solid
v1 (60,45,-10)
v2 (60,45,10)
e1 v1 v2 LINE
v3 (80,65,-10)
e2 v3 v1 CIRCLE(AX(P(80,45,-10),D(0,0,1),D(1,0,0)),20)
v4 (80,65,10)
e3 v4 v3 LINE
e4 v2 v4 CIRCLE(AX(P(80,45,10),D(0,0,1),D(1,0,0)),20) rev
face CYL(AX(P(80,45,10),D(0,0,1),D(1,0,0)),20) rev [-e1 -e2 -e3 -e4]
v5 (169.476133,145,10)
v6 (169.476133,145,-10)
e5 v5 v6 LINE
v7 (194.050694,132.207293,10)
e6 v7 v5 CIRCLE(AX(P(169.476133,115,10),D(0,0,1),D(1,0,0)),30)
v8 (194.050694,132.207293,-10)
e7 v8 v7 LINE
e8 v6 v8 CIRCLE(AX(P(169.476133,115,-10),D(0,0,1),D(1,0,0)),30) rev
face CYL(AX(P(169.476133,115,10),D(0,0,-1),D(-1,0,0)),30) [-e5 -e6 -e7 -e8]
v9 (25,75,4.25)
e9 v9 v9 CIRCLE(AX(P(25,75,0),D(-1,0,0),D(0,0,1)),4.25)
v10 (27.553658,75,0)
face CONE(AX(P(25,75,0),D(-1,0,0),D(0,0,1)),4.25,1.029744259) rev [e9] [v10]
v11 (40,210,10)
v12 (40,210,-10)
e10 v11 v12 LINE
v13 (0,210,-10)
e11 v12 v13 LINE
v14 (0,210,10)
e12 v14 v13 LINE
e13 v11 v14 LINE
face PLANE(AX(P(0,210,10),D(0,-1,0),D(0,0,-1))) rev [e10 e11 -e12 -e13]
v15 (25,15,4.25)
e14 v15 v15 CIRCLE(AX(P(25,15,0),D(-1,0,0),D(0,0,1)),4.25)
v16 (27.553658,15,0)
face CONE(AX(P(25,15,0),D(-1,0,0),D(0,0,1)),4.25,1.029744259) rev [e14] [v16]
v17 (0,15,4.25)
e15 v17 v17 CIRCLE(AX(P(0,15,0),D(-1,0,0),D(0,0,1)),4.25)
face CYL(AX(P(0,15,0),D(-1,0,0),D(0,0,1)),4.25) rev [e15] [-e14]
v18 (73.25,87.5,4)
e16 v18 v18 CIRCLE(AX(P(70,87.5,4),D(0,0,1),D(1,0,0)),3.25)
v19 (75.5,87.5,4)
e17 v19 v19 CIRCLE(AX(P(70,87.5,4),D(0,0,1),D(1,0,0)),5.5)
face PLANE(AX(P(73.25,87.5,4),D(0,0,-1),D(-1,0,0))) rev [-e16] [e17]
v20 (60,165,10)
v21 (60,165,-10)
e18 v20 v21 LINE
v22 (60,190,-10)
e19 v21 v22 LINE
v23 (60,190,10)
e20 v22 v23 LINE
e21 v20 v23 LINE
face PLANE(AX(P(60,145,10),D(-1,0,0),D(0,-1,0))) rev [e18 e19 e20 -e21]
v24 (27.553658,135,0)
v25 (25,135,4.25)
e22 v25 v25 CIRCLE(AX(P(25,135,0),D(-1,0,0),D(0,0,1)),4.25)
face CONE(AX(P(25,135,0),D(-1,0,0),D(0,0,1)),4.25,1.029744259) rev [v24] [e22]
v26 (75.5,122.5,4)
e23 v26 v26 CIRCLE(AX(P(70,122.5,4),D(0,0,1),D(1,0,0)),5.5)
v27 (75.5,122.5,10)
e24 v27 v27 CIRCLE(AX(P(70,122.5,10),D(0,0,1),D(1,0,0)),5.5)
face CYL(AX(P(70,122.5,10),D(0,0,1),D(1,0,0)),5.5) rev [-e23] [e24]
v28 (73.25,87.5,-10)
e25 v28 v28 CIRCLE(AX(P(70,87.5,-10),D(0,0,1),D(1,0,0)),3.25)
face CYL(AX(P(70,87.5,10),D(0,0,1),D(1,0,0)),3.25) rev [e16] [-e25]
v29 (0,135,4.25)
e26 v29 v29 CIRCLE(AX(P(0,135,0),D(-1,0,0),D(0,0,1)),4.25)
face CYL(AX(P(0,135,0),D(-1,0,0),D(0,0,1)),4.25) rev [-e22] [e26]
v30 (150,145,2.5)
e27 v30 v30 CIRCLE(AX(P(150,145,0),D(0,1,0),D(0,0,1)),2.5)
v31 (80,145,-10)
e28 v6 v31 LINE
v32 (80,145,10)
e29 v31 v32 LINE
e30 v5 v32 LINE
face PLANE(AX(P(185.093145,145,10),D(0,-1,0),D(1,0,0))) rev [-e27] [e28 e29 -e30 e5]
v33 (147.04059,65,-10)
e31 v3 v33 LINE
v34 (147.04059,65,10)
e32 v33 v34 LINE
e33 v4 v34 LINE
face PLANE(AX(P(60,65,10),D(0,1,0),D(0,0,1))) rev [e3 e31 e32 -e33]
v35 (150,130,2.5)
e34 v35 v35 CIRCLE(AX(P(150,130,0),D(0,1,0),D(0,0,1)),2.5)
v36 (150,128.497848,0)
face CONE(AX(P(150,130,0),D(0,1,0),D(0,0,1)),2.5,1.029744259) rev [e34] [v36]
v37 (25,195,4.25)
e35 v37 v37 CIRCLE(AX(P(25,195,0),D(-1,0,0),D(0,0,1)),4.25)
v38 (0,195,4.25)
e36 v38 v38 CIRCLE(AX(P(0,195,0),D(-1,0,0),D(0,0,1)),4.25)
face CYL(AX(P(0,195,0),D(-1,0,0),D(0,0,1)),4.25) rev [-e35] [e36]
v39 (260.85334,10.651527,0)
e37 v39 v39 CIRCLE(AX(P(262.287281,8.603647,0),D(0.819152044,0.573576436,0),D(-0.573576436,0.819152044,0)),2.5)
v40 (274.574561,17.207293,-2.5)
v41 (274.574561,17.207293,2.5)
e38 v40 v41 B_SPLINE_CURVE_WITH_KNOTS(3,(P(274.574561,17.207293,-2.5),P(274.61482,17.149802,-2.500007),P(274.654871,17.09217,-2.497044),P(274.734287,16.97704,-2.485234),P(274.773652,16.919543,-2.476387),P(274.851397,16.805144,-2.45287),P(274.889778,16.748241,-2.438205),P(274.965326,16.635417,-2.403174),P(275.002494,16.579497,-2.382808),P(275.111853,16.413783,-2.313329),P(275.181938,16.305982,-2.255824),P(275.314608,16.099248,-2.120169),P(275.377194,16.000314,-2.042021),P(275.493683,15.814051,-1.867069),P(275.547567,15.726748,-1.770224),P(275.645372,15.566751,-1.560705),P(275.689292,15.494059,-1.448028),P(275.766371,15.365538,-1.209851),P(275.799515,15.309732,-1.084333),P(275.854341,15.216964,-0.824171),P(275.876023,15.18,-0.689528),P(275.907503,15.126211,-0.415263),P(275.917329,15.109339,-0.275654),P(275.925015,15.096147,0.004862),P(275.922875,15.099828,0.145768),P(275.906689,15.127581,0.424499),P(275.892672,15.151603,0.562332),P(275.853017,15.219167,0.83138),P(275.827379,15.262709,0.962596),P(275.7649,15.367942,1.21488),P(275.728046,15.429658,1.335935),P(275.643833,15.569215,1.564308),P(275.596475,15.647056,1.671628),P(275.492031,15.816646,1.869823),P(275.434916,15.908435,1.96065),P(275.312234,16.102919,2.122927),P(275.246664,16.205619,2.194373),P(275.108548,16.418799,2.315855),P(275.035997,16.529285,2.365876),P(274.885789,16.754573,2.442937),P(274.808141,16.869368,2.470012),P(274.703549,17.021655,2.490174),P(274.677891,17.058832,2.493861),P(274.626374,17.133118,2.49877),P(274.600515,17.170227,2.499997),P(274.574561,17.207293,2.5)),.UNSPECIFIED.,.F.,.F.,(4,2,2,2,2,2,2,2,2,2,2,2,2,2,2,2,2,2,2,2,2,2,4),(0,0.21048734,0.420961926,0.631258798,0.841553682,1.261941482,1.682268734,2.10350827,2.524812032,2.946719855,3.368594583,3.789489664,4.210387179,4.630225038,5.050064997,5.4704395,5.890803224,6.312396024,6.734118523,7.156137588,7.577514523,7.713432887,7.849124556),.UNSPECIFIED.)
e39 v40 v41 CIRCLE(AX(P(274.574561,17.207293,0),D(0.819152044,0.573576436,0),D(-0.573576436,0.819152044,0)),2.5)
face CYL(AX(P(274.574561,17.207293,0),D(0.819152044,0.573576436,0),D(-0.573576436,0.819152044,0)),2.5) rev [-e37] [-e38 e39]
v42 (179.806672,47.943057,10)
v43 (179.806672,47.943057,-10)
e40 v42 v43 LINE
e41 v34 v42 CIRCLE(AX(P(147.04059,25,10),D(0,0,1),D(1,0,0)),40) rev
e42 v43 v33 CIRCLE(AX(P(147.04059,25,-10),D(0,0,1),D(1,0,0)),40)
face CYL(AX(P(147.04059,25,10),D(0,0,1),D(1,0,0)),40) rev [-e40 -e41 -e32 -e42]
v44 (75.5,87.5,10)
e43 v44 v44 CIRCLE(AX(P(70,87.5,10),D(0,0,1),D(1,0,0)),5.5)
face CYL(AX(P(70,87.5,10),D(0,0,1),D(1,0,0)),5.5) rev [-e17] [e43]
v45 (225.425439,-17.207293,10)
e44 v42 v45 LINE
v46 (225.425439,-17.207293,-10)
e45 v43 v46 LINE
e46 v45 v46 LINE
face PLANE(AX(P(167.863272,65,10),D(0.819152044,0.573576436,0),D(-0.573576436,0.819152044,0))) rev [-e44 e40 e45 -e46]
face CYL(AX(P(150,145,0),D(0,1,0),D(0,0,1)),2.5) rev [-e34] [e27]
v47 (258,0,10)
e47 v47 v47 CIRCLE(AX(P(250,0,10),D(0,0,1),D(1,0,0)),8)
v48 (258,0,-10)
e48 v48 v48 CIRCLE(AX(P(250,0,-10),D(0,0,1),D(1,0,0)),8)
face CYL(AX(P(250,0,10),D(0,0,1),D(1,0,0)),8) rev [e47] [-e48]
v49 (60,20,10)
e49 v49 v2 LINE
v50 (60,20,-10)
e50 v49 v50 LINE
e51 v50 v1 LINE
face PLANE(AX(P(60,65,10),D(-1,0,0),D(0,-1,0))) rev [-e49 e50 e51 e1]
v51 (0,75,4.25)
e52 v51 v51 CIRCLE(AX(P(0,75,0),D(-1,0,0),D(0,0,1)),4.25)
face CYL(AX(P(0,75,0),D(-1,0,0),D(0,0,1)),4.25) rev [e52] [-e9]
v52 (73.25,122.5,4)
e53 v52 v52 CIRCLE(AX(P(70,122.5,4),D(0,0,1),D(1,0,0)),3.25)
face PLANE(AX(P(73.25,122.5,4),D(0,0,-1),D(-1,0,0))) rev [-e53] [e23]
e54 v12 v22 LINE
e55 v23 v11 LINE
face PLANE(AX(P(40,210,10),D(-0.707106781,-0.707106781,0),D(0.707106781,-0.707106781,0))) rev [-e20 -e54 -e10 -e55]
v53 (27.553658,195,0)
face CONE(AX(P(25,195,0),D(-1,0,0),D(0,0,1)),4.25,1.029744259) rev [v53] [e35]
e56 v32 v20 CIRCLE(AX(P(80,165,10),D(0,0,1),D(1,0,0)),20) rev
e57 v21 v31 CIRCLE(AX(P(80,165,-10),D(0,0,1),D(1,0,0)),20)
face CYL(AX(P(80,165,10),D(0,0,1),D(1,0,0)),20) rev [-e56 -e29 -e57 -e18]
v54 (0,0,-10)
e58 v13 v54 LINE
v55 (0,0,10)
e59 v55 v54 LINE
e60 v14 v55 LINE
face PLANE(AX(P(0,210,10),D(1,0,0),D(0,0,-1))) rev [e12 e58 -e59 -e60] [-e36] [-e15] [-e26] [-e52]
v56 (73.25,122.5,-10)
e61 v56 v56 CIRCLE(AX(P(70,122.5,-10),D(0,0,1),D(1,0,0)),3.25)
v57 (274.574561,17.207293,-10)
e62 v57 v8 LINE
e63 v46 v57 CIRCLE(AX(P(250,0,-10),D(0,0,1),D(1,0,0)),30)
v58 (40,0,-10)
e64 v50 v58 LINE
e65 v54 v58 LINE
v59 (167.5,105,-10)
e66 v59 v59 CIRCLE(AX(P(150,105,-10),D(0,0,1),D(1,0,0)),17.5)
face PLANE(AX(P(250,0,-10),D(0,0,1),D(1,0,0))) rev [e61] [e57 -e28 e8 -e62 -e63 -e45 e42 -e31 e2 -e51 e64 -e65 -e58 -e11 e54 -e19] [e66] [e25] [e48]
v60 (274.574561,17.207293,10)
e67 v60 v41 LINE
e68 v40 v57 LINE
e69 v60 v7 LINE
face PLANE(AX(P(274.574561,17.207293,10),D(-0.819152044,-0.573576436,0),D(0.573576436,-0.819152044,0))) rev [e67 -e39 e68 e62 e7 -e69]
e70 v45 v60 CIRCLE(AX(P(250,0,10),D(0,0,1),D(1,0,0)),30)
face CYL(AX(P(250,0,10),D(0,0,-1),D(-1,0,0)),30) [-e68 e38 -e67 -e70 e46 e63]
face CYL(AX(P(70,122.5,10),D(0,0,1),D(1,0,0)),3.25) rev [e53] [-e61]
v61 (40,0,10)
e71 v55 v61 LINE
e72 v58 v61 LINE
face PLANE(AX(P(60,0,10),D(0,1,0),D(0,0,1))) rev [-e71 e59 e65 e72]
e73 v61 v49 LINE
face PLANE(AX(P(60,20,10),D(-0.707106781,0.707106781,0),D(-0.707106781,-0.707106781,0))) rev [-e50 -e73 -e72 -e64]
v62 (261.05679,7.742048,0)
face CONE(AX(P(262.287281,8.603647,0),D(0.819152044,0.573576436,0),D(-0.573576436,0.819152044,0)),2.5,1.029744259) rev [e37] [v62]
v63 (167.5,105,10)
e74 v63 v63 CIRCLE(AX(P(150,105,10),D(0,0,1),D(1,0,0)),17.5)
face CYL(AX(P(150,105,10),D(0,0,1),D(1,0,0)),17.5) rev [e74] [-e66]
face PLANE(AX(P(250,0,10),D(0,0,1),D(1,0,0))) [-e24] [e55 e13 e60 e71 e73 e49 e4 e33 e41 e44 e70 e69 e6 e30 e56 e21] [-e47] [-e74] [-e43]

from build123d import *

# Parameters (mm, degrees)
EXTRUDE_1_DEPTH              = 10
CHAMFER_1_SIZE               = 20
FILLET_1_R                   = 20
FILLET_2_R                   = 30
FILLET_3_R                   = 40
HOLE_WIZARD_M10_1_D          = 8.5
HOLE_WIZARD_M10_1_DEPTH      = 25
HOLE_WIZARD_M10_1_TIP        = 2.553657631
HOLE_WIZARD_M6_1_D           = 6.5
HOLE_WIZARD_M6_1_CBORE_D     = 11
HOLE_WIZARD_M6_1_CBORE_DEPTH = 6
HOLE_WIZARD_1_D              = 35
HOLE_WIZARD_2_D              = 16
HOLE_WIZARD_2_DEPTH          = 38
HOLE_WIZARD_M6_1_2_D         = 5
HOLE_WIZARD_M6_1_2_DEPTH     = 15
HOLE_WIZARD_M6_1_2_TIP       = 1.502151548
HOLE_WIZARD_M6_2_D           = 5
HOLE_WIZARD_M6_2_DEPTH       = 15
HOLE_WIZARD_M6_2_TIP         = 1.502151548


with BuildPart() as part:
    # 草图1 → 凸台-拉伸1 (new, symmetric)
    with BuildSketch(Plane.XY):
        with BuildLine():
            Line((0, 210), (60, 210))
            Line((60, 210), (60, 145))
            Line((60, 145), (185.093144622, 145))
            Line((185.093144622, 145), (274.574561329, 17.207293091))
            ThreePointArc((274.574561329, 17.207293091), (267.207293091, -24.574561329), (225.425438671, -17.207293091))
            Line((225.425438671, -17.207293091), (167.863272354, 65))
            Line((167.863272354, 65), (60, 65))
            Line((60, 65), (60, 0))
            Line((60, 0), (0, 0))
            Line((0, 0), (0, 210))
        make_face()
    extrude(amount=EXTRUDE_1_DEPTH, both=True)

    # 倒角1
    chamfer_1_edges = [part.edges().sort_by_distance(p)[0] for p in [
        (60, 0, 0),
        (60, 210, 0),
    ]]
    chamfer(chamfer_1_edges, length=CHAMFER_1_SIZE)

    # 圆角1
    fillet_1_edges = [part.edges().sort_by_distance(p)[0] for p in [
        (60, 145, 0),
        (60, 65, 0),
    ]]
    fillet(fillet_1_edges, radius=FILLET_1_R)

    # 圆角2
    fillet_2_edges = [part.edges().sort_by_distance(p)[0] for p in [
        (185.093144622, 145, 0),
    ]]
    fillet(fillet_2_edges, radius=FILLET_2_R)

    # 圆角3
    fillet_3_edges = [part.edges().sort_by_distance(p)[0] for p in [
        (167.863272354, 65, 0),
    ]]
    fillet(fillet_3_edges, radius=FILLET_3_R)

    # M10 螺纹孔1
    with Locations(Plane.ZY):
        with Locations((0, 195), (0, 135), (0, 75), (0, 15)):
            Hole(HOLE_WIZARD_M10_1_D / 2, depth=HOLE_WIZARD_M10_1_DEPTH)
            with Locations((0, 0, -(HOLE_WIZARD_M10_1_DEPTH + HOLE_WIZARD_M10_1_TIP / 2))):  # 118° drill point
                Cone(0, HOLE_WIZARD_M10_1_D / 2, HOLE_WIZARD_M10_1_TIP, mode=Mode.SUBTRACT)

    # Hole Wizard M6 _1 (through all)
    with Locations(Plane.XY.offset(10)):
        with Locations((70, 122.5), (70, 87.5)):
            CounterBoreHole(HOLE_WIZARD_M6_1_D / 2, HOLE_WIZARD_M6_1_CBORE_D / 2, HOLE_WIZARD_M6_1_CBORE_DEPTH)

    # 孔1 (through all)
    with Locations(Plane.XY.offset(10)):
        with Locations((150, 105)):
            Hole(HOLE_WIZARD_1_D / 2)

    # 孔2
    with Locations(Plane.XY.offset(10)):
        with Locations((250, 0)):
            Hole(HOLE_WIZARD_2_D / 2, depth=HOLE_WIZARD_2_DEPTH)

    # Hole Wizard M6 _1 2
    with Locations(Plane(origin=(0, 145, 0), x_dir=(-1, 0, 0), z_dir=(0, 1, 0))):
        with Locations((-150, 0)):
            Hole(HOLE_WIZARD_M6_1_2_D / 2, depth=HOLE_WIZARD_M6_1_2_DEPTH)
            with Locations((0, 0, -(HOLE_WIZARD_M6_1_2_DEPTH + HOLE_WIZARD_M6_1_2_TIP / 2))):  # 118° drill point
                Cone(0, HOLE_WIZARD_M6_1_2_D / 2, HOLE_WIZARD_M6_1_2_TIP, mode=Mode.SUBTRACT)

    # M6 螺纹孔2
    with Locations(Plane(origin=(192.327079244, 134.668870689, 0), x_dir=(0, 0, -1), z_dir=(0.8191520442889934, 0.573576436351044, 0))):
        with Locations((0, -143.394109088)):
            Hole(HOLE_WIZARD_M6_2_D / 2, depth=HOLE_WIZARD_M6_2_DEPTH)
            with Locations((0, 0, -(HOLE_WIZARD_M6_2_DEPTH + HOLE_WIZARD_M6_2_TIP / 2))):  # 118° drill point
                Cone(0, HOLE_WIZARD_M6_2_D / 2, HOLE_WIZARD_M6_2_TIP, mode=Mode.SUBTRACT)


solid = part.part
